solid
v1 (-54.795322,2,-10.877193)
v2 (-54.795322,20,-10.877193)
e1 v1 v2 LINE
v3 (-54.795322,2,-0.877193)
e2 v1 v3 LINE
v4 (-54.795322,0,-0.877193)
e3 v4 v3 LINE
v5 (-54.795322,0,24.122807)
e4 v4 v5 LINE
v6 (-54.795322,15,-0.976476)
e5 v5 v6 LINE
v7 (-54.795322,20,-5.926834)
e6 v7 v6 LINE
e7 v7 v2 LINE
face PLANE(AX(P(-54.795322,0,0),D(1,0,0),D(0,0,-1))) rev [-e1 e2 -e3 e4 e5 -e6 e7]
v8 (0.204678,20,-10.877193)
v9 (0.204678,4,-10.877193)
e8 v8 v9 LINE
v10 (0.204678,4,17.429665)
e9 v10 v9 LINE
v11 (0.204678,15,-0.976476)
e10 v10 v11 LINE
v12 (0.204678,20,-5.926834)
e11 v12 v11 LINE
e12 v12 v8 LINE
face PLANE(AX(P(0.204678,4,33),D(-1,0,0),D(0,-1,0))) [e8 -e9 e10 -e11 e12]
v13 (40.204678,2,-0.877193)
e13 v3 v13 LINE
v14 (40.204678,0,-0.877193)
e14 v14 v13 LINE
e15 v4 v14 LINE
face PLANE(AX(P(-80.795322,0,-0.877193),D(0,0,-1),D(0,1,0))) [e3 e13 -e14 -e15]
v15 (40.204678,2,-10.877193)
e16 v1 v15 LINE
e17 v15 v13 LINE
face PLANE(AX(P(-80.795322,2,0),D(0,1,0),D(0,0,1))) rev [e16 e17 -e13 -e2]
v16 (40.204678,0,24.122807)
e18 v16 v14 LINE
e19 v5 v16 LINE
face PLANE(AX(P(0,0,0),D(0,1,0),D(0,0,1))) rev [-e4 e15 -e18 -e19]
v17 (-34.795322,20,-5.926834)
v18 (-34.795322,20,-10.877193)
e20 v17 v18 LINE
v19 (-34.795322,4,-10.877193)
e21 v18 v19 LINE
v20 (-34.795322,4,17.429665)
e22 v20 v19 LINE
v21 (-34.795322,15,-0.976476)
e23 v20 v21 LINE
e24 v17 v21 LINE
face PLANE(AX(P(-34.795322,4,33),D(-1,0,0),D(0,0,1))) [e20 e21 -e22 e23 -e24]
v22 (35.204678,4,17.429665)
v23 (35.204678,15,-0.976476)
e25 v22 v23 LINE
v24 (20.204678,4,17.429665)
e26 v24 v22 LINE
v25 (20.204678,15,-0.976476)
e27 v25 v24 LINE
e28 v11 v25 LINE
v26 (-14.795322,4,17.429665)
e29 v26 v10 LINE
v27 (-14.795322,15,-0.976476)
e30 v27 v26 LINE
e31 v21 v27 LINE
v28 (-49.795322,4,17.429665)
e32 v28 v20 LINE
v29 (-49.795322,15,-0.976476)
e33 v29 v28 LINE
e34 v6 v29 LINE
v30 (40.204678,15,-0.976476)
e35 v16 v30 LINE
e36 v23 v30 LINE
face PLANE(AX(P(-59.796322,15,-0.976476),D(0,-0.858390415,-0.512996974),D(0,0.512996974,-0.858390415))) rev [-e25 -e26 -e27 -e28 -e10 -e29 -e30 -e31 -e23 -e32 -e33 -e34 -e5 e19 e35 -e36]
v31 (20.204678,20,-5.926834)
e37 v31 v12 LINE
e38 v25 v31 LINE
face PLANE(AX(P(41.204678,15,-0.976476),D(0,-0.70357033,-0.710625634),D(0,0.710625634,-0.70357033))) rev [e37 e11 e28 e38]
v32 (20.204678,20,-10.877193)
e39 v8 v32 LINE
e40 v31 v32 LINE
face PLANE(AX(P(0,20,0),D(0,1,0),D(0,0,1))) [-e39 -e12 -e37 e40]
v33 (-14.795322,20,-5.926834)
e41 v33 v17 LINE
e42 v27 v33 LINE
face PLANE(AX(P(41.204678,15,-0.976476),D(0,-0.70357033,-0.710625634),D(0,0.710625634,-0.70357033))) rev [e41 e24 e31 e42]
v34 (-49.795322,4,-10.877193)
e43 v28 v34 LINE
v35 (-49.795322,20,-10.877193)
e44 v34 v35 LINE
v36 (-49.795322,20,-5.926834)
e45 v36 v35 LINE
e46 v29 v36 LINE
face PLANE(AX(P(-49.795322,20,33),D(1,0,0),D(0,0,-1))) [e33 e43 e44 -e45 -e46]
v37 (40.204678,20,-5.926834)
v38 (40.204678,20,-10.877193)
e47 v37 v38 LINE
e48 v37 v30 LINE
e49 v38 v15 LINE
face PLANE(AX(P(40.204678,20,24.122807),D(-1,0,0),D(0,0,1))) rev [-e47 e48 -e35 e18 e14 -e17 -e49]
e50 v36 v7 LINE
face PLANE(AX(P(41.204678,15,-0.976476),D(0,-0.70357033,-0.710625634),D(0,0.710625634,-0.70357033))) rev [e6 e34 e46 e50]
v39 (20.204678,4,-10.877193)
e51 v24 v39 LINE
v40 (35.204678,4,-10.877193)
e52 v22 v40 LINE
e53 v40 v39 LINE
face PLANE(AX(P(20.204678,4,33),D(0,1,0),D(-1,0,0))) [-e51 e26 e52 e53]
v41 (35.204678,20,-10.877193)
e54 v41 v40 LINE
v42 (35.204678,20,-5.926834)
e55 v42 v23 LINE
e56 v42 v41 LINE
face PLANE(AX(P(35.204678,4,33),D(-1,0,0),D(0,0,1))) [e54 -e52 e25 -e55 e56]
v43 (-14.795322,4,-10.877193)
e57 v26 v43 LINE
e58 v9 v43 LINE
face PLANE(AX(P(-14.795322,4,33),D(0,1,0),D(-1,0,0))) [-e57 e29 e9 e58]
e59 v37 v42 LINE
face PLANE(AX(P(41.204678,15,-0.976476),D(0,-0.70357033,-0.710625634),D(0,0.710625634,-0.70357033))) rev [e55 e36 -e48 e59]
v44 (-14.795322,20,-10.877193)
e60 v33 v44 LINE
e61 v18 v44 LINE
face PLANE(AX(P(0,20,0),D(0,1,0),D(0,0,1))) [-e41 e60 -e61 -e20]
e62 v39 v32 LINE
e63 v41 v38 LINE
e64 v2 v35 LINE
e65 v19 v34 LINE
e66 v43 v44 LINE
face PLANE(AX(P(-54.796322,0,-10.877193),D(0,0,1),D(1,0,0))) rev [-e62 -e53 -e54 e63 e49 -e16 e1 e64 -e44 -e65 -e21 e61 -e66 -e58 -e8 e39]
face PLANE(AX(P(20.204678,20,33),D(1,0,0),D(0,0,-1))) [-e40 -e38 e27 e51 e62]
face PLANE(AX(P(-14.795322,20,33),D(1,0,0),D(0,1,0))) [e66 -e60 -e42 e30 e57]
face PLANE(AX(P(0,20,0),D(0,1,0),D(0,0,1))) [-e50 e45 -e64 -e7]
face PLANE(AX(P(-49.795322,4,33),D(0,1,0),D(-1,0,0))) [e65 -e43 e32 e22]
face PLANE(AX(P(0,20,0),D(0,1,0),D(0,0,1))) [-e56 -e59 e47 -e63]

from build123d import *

# Parameters (mm, degrees)
CROQUIS1_W              = 100
CROQUIS1_H              = 85
SALIENTE_EXTRUIR1_DEPTH = 20
CORTAR_EXTRUIR1_REACH   = 102
CORTAR_EXTRUIR2_REACH   = 102
CORTAR_EXTRUIR6_DEPTH   = 5
CROQUIS11_W             = 15
CROQUIS11_H             = 16
CORTAR_EXTRUIR7_DEPTH   = 44
CROQUIS12_W             = 5
CROQUIS12_H             = 49.877192982
CORTAR_EXTRUIR8_DEPTH   = 44
CORTAR_EXTRUIR9_REACH   = 97
CROQUIS13_W             = 50
CROQUIS13_H             = 18
CROQUIS14_W             = 9.804862201
CROQUIS14_H             = 2
CORTAR_EXTRUIR10_DEPTH  = 121
CORTAR_EXTRUIR11_REACH  = 97
CORTAR_EXTRUIR12_REACH  = 97
CORTAR_EXTRUIR13_DEPTH  = 96


with BuildPart() as part:
    # Croquis1 → Saliente-Extruir1 (new body)
    with BuildSketch(Plane(origin=(0, 0, 0), x_dir=(1, 0, 0), z_dir=(0, 1, 0))):
        with Locations((-9.795321637, 18.377192982)):
            Rectangle(CROQUIS1_W, CROQUIS1_H)
    extrude(amount=SALIENTE_EXTRUIR1_DEPTH)

    # Croquis3 → Cortar-Extruir1 (cut, up to next)
    with BuildSketch(Plane(origin=(40.204678363, 0, 0), x_dir=(0, 0, -1), z_dir=(1, 0, 0)), mode=Mode.PRIVATE) as cortar_extruir1_sk1:
        Polygon((-24.122807018, 0), (0.976475977, 20), (-24.122807018, 20), align=None)
    cortar_extruir1_tool1 = extrude(cortar_extruir1_sk1.sketch, amount=-CORTAR_EXTRUIR1_REACH, mode=Mode.PRIVATE) & part.part
    add(cortar_extruir1_tool1.solids().sort_by_distance((40.204678, 13.333333, 15.756379))[0], mode=Mode.SUBTRACT)

    # Croquis4 → Cortar-Extruir2 (cut, up to next)
    with BuildSketch(Plane(origin=(40.204678363, 0, 0), x_dir=(0, 0, -1), z_dir=(1, 0, 0)), mode=Mode.PRIVATE) as cortar_extruir2_sk1:
        Polygon((0.976475977, 20), (0.976475977, 15), (-24.122807018, 0), align=None)
    cortar_extruir2_tool1 = extrude(cortar_extruir2_sk1.sketch, amount=-CORTAR_EXTRUIR2_REACH, mode=Mode.PRIVATE) & part.part
    add(cortar_extruir2_tool1.solids().sort_by_distance((40.204678, 11.666667, 7.389952))[0], mode=Mode.SUBTRACT)

    # Croquis8 → Cortar-Extruir6 (cut)
    with BuildSketch(Plane.ZY.offset(59.795321637)):
        Polygon((-11, 20), (-0.976475977, 20), (-0.976475977, 15), (24.122807018, 0), (-11, 0), align=None)
    extrude(amount=-CORTAR_EXTRUIR6_DEPTH, mode=Mode.SUBTRACT)

    # Croquis11 → Cortar-Extruir7 (cut)
    with BuildSketch(Plane.XY.offset(-11)):
        with Locations((27.704678363, 12)):
            Rectangle(CROQUIS11_W, CROQUIS11_H)
        Polygon((0.204678363, 20), (-14.795321637, 20), (-14.795321637, 4), (0.204678363, 4), (0.204678363, 18.881828366), align=None)
        with Locations((-42.295321637, 12)):
            Rectangle(CROQUIS11_W, CROQUIS11_H)
    extrude(amount=CORTAR_EXTRUIR7_DEPTH, mode=Mode.SUBTRACT)

    # Croquis12 → Cortar-Extruir8 (cut)
    with BuildSketch(Plane(origin=(0, 20, 0), x_dir=(1, 0, 0), z_dir=(0, 1, 0))):
        with Locations((-57.295321637, 35.938596491)):
            Rectangle(CROQUIS12_W, CROQUIS12_H)
    extrude(amount=-CORTAR_EXTRUIR8_DEPTH, mode=Mode.SUBTRACT)

    # Croquis13 → Cortar-Extruir9 (cut, up to next)
    with BuildSketch(Plane(origin=(40.204678363, 0, 0), x_dir=(0, 0, -1), z_dir=(1, 0, 0)), mode=Mode.PRIVATE) as cortar_extruir9_sk1:
        with Locations((35.877192982, 11)):
            Rectangle(CROQUIS13_W, CROQUIS13_H)
    cortar_extruir9_tool1 = extrude(cortar_extruir9_sk1.sketch, amount=-CORTAR_EXTRUIR9_REACH, mode=Mode.PRIVATE) & part.part
    add(cortar_extruir9_tool1.solids().sort_by_distance((40.204678, 11, -35.877193))[0], mode=Mode.SUBTRACT)

    # Croquis14 → Cortar-Extruir10 (cut)
    with BuildSketch(Plane(origin=(40.204678363, 0, 0), x_dir=(0, 0, -1), z_dir=(1, 0, 0))):
        with Locations((5.779624083, 1)):
            Rectangle(CROQUIS14_W, CROQUIS14_H)
    extrude(amount=-CORTAR_EXTRUIR10_DEPTH, mode=Mode.SUBTRACT)

    # Croquis17 → Cortar-Extruir11 (cut, up to next)
    with BuildSketch(Plane(origin=(40.204678363, 0, 0), x_dir=(0, 0, -1), z_dir=(1, 0, 0)), mode=Mode.PRIVATE) as cortar_extruir11_sk1:
        Polygon((10.877192982, 2), (10.682055183, 0), (60.877192982, 0), (60.877192982, 2), align=None)
    cortar_extruir11_tool1 = extrude(cortar_extruir11_sk1.sketch, amount=-CORTAR_EXTRUIR11_REACH, mode=Mode.PRIVATE) & part.part
    add(cortar_extruir11_tool1.solids().sort_by_distance((40.204678, 0.999351, -35.828377))[0], mode=Mode.SUBTRACT)

    # Croquis18 → Cortar-Extruir12 (cut, up to next)
    with BuildSketch(Plane(origin=(40.204678363, 0, 0), x_dir=(0, 0, -1), z_dir=(1, 0, 0)), mode=Mode.PRIVATE) as cortar_extruir12_sk1:
        Polygon((10.682055183, 2), (10.877192982, 2), (10.682055183, 0), align=None)
    cortar_extruir12_tool1 = extrude(cortar_extruir12_sk1.sketch, amount=-CORTAR_EXTRUIR12_REACH, mode=Mode.PRIVATE) & part.part
    add(cortar_extruir12_tool1.solids().sort_by_distance((40.204678, 1.333333, -10.747101))[0], mode=Mode.SUBTRACT)

    # Croquis19 → Cortar-Extruir13 (cut)
    with BuildSketch(Plane.ZY.offset(54.795321637)):
        Polygon((-0.976475977, 15), (-5.92683448, 20), (-0.976475977, 20), align=None)
    extrude(amount=-CORTAR_EXTRUIR13_DEPTH, mode=Mode.SUBTRACT)


solid = part.part
